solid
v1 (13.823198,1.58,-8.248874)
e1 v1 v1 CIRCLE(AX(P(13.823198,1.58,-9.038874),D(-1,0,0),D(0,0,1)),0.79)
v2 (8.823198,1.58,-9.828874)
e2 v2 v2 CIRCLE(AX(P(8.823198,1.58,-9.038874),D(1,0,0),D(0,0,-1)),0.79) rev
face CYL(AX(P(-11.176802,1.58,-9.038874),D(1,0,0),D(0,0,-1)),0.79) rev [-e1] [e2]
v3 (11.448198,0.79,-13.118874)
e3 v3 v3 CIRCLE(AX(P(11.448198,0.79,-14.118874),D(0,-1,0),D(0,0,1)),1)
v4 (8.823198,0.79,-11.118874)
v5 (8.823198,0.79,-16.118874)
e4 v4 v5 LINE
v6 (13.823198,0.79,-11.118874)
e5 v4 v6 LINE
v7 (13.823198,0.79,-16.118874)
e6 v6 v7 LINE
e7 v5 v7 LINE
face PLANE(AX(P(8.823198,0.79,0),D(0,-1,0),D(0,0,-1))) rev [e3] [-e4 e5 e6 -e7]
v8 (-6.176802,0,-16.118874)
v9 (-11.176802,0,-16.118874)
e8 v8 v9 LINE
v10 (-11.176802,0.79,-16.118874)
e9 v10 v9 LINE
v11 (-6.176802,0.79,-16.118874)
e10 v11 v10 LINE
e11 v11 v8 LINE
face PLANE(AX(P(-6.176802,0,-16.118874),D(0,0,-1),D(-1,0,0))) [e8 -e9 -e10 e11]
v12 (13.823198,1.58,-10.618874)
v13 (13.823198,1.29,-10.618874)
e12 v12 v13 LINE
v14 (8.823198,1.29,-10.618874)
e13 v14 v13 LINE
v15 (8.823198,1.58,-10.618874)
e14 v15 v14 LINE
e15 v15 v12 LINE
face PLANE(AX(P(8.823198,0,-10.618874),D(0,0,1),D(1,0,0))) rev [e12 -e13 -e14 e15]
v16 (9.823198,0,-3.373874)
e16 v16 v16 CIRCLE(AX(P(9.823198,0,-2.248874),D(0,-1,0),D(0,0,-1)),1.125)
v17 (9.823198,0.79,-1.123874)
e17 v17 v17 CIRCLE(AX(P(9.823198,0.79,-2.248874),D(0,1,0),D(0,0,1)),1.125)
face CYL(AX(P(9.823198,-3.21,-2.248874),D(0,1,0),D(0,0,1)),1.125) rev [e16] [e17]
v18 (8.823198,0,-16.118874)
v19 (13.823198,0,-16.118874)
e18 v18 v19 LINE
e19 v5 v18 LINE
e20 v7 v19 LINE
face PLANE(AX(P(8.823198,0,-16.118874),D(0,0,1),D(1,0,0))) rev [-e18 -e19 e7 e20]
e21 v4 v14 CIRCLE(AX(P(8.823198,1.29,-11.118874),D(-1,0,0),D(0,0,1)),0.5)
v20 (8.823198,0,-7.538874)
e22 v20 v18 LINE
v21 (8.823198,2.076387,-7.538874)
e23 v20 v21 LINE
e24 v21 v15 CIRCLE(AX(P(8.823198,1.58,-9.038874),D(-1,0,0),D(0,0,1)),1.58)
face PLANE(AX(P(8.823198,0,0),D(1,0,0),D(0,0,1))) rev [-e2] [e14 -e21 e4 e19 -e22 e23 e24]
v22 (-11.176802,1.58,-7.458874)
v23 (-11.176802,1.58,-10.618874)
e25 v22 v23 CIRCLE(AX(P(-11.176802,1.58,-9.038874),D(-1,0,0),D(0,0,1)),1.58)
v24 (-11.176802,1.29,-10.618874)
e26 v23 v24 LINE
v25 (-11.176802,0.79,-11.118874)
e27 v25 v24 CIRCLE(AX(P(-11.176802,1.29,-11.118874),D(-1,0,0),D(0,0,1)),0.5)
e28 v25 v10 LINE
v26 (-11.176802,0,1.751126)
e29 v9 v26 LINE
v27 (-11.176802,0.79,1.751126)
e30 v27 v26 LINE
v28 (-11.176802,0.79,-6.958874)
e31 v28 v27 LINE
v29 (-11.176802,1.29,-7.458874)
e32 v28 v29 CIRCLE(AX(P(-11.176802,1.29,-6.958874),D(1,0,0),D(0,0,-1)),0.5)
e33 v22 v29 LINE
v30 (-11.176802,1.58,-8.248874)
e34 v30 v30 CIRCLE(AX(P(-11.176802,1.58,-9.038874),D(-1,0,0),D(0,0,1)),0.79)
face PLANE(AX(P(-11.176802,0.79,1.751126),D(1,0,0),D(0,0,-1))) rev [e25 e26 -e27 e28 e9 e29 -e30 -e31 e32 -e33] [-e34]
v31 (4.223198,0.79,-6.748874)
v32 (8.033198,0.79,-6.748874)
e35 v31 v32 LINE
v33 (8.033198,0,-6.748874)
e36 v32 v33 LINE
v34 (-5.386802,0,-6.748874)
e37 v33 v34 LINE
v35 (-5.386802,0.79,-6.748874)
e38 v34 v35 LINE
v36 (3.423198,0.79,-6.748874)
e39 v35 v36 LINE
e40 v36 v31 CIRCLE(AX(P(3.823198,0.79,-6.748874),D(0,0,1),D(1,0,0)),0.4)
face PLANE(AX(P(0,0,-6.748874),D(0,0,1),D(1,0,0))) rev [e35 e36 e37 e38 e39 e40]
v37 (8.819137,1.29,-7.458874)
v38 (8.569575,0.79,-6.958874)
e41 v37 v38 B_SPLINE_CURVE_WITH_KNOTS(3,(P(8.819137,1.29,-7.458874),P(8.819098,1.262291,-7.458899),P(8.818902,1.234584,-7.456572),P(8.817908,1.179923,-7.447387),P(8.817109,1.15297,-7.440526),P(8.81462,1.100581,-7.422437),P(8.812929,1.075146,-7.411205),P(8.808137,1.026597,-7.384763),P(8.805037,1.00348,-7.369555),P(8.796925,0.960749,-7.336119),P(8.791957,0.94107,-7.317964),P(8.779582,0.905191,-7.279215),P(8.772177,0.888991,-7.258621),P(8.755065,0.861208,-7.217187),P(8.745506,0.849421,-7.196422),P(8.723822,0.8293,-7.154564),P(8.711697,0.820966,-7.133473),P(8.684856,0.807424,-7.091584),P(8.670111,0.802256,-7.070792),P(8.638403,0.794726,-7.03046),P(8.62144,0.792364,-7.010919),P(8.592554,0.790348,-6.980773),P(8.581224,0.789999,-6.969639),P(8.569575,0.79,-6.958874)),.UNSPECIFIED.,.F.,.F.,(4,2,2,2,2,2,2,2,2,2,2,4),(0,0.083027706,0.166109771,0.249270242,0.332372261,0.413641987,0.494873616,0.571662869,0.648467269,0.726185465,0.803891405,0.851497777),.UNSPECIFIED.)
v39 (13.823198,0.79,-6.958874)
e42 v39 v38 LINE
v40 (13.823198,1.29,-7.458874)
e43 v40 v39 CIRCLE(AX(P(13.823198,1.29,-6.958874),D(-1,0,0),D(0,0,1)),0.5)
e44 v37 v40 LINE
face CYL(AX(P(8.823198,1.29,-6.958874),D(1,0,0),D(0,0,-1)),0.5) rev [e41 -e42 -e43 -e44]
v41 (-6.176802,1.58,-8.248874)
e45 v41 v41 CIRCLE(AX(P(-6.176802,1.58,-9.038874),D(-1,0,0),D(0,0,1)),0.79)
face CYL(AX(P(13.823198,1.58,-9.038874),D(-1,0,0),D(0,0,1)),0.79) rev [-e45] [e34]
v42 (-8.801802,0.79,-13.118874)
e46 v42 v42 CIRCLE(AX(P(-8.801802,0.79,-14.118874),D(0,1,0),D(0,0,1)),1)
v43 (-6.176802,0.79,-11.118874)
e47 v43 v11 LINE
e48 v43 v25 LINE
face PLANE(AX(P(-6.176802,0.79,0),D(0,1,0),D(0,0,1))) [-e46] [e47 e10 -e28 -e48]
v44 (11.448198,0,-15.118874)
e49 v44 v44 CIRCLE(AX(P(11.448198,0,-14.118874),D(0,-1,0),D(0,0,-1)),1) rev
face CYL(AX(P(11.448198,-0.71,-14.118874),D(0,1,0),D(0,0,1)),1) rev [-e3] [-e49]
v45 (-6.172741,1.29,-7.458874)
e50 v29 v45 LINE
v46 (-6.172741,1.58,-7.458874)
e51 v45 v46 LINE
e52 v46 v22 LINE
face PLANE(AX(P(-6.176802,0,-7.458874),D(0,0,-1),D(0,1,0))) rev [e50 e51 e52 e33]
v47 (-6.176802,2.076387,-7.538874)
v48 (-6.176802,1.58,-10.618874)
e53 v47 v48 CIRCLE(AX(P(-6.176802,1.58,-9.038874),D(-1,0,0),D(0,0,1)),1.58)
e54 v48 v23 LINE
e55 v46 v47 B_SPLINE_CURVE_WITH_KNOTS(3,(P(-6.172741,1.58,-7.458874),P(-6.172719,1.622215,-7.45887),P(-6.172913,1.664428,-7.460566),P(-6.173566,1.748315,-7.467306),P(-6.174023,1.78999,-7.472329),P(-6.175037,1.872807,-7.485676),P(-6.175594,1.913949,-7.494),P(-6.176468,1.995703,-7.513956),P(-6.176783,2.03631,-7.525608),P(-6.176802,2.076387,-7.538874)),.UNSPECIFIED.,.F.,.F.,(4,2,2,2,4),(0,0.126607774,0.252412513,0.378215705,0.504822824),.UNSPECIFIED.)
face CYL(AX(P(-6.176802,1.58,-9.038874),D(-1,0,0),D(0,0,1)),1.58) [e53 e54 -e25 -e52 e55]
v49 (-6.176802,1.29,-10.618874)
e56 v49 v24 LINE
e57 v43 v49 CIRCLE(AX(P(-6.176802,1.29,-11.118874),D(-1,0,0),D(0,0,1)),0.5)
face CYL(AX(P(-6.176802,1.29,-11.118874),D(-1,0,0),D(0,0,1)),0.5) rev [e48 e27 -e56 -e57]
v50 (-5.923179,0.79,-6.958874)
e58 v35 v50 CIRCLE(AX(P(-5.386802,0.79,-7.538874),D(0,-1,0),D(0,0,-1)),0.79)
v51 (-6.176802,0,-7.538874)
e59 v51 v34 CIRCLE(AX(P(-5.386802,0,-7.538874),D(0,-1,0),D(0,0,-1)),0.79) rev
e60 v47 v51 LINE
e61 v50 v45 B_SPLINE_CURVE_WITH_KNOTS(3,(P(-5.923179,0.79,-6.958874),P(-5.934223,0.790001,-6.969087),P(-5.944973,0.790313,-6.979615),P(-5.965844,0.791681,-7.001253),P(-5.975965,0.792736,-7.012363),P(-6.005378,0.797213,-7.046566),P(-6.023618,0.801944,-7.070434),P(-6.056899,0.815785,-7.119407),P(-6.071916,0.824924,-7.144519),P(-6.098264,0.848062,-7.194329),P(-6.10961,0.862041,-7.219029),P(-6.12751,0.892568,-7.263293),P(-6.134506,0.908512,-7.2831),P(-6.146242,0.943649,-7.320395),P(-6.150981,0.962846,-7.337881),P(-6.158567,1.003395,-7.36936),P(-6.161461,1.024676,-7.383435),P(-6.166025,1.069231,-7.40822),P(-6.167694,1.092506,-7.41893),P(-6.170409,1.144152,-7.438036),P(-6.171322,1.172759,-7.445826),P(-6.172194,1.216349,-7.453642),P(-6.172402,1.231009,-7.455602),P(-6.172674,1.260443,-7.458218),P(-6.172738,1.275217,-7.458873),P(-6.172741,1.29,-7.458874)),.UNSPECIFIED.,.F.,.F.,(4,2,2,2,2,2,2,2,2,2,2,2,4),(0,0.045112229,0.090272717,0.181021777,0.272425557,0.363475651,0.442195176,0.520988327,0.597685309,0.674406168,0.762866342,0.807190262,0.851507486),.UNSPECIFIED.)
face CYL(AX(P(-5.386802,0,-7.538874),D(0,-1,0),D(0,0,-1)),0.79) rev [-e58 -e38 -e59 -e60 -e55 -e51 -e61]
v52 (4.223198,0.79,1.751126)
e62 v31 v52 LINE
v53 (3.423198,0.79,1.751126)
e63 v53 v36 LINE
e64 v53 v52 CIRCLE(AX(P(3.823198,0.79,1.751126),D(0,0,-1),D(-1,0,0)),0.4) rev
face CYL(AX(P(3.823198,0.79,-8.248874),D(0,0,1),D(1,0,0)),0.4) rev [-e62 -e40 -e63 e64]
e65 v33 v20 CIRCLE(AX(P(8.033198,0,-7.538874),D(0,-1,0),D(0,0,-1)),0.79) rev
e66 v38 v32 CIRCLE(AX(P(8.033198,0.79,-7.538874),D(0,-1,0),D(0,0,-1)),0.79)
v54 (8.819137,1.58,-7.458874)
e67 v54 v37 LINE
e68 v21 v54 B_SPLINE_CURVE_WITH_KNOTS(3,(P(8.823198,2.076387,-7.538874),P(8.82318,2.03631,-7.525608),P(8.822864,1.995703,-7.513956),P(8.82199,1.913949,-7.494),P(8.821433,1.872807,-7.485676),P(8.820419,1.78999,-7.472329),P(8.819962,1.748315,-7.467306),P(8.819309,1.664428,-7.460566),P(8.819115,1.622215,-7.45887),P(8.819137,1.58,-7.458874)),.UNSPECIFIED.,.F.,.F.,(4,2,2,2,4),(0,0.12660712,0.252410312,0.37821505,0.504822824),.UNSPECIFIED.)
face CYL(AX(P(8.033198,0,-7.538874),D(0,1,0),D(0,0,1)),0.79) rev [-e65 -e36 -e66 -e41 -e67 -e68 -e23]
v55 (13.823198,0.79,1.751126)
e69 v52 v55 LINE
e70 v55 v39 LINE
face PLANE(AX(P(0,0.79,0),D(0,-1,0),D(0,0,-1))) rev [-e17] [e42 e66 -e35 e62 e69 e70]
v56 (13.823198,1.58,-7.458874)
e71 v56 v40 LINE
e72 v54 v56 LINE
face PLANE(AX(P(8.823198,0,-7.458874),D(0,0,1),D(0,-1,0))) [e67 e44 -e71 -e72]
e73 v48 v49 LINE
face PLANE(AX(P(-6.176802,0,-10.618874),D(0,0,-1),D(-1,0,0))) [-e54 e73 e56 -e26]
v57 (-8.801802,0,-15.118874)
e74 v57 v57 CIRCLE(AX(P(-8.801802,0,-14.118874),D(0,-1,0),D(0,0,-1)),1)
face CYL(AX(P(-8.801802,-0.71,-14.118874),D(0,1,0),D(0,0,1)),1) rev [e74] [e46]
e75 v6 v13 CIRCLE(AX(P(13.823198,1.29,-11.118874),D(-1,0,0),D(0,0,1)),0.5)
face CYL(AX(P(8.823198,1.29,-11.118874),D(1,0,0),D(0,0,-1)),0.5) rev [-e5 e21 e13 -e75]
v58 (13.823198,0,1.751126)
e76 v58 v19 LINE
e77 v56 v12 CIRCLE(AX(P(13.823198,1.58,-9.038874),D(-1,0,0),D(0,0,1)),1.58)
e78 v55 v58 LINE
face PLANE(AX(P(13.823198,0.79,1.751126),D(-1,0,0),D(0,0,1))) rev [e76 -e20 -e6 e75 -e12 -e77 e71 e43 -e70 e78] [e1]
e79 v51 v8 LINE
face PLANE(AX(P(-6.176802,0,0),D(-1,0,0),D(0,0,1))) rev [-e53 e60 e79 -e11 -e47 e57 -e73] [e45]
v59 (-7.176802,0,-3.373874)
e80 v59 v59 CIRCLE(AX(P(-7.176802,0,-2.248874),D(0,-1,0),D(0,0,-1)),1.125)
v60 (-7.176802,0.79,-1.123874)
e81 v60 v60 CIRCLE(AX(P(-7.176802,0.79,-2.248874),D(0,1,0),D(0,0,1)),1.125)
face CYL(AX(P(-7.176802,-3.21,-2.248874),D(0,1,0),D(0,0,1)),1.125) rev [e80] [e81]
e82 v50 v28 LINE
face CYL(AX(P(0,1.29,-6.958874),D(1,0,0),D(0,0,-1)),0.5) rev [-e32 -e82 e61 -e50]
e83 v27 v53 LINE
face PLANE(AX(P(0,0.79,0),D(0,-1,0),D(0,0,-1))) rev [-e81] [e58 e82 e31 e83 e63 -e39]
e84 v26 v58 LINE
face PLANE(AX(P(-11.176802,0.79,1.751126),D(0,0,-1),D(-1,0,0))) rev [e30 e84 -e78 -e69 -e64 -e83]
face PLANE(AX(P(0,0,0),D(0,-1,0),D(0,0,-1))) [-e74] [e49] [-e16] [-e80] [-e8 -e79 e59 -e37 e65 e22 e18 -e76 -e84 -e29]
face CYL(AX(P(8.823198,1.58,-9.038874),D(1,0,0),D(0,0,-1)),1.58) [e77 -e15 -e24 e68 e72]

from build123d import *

# Parameters (mm, degrees)
SKETCH1_W                     = 25
SKETCH1_H                     = 10
BASE_PLATE_DEPTH              = 0.79
PINHOLDER_DEPTH               = 5
SKETCH4_R                     = 0.79
PIN_SHAFT_DEPTH               = 30.913269547
SKETCH5_R                     = 1.125
SCREW_HOLES_DEPTH             = 4
SKETCH11_R                    = 1
SET_SCREW_HOLE_DEPTH          = 1.5
MIRRORED_FILLETS_R            = 0.5
MIRRORED_FILLETS_OF_MIRROR1_R = 0.5
SPRING_GROOVE_DEPTH           = 1.5
FILLET2_R                     = 0.79
SKETCH9_R                     = 0.4


with BuildPart() as part:
    # Sketch1 → Base Plate (new body)
    with BuildSketch(Plane(origin=(0, 0, 0), x_dir=(1, 0, 0), z_dir=(0, 1, 0))):
        with Locations((1.323198198, 3.248873874)):
            Rectangle(SKETCH1_W, SKETCH1_H)
    extrude(amount=BASE_PLATE_DEPTH)

    # Sketch2 → PinHolder (add)
    with BuildSketch(Plane.ZY.offset(11.176801802)):
        with BuildLine():
            Line((-8.248873874, 0), (-8.248873874, 0.79))
            Line((-8.248873874, 0.79), (-7.458873874, 0.79))
            Line((-7.458873874, 0.79), (-7.458873874, 1.58))
            ThreePointArc((-7.458873874, 1.58), (-9.038873874, 3.16), (-10.618873874, 1.58))
            Line((-10.618873874, 1.58), (-10.618873874, 1.29))
            ThreePointArc((-10.618873874, 1.29), (-10.765320483, 0.936446609), (-11.118873874, 0.79))
            Line((-11.118873874, 0.79), (-16.118873874, 0.79))
            Line((-16.118873874, 0.79), (-16.118873874, 0))
            Line((-16.118873874, 0), (-11.426644498, 0))
            Line((-11.426644498, 0), (-8.248873874, 0))
        make_face()
    pinholder = extrude(amount=-PINHOLDER_DEPTH)

    # Sketch4 → Pin Shaft (cut, through all)
    with BuildSketch(Plane.ZY.offset(11.176801802)):
        with Locations((-9.038873874, 1.58)):
            Circle(SKETCH4_R)
    pin_shaft = extrude(amount=-PIN_SHAFT_DEPTH, mode=Mode.SUBTRACT)

    # Sketch5 → Screw Holes (cut)
    with BuildSketch(Plane(origin=(0, 0.79, 0), x_dir=(1, 0, 0), z_dir=(0, 1, 0))):
        with Locations(Location((-7.176801802, 2.248873874, 0), (0, 0, 270))):
            Circle(SKETCH5_R)
        with Locations(Location((9.823198198, 2.248873874, 0), (0, 0, 270))):
            Circle(SKETCH5_R)
    extrude(amount=-SCREW_HOLES_DEPTH, mode=Mode.SUBTRACT)

    # Sketch11 → Set Screw Hole (cut)
    with BuildSketch(Plane(origin=(0, 0.79, 0), x_dir=(1, 0, 0), z_dir=(0, 1, 0))):
        with Locations(Location((-8.801801802, 14.118873874, 0), (0, 0, 270))):
            Circle(SKETCH11_R)
    set_screw_hole = extrude(amount=-SET_SCREW_HOLE_DEPTH, mode=Mode.SUBTRACT)

    # Mirrored Fillets
    mirrored_fillets_edges = [part.edges().sort_by_distance(p)[0] for p in [
        (-8.676801802, 0.79, -7.458873874),
    ]]
    fillet(mirrored_fillets_edges, radius=MIRRORED_FILLETS_R)

    # Mirror1: PinHolder, Pin Shaft, Set Screw Hole across plane
    add(pinholder.mirror(Plane(origin=(1.323198198, 0, 0), x_dir=(0, 0, 1), z_dir=(1, 0, 0))))
    add(pin_shaft.mirror(Plane(origin=(1.323198198, 0, 0), x_dir=(0, 0, 1), z_dir=(1, 0, 0))), mode=Mode.SUBTRACT)
    add(set_screw_hole.mirror(Plane(origin=(1.323198198, 0, 0), x_dir=(0, 0, 1), z_dir=(1, 0, 0))), mode=Mode.SUBTRACT)

    # Mirrored Fillets of Mirror1
    mirrored_fillets_of_mirror1_edges = [part.edges().sort_by_distance(p)[0] for p in [
        (11.323198198, 0.79, -7.458873874),
    ]]
    fillet(mirrored_fillets_of_mirror1_edges, radius=MIRRORED_FILLETS_OF_MIRROR1_R)

    # Sketch10 → Spring Groove (cut)
    with BuildSketch(Plane(origin=(0, 0, -8.248873874), x_dir=(-1, 0, 0), z_dir=(0, 0, -1))):
        Polygon((-3.823198198, 0.79), (1.176801802, 0.79), (6.176801802, 0.79), (6.176801802, 0), (1.176801802, 0), (-3.823198198, 0), (-8.823198198, 0), (-8.823198198, 0.79), align=None)
    extrude(amount=-SPRING_GROOVE_DEPTH, mode=Mode.SUBTRACT)

    # Fillet2
    fillet2_edges = [part.edges().sort_by_distance(p)[0] for p in [
        (-6.176801802, 0.395, -6.748873874),
        (8.823198198, 0.395, -6.748873874),
    ]]
    fillet(fillet2_edges, radius=FILLET2_R)

    # Wire Groove: sweep along a path in Sketch8
    with BuildLine(Plane.XZ.offset(-0.79)) as wire_groove_path:
        Line((3.823198198, -8.248873874), (3.823198198, 1.751126126))
    # Sketch9 → Wire Groove (sweep, cut)
    with BuildSketch(Plane.XY.offset(1.751126126)):
        with Locations((3.823198198, 0.79)):
            Circle(SKETCH9_R)
    sweep(path=wire_groove_path.line, mode=Mode.SUBTRACT)


solid = part.part
